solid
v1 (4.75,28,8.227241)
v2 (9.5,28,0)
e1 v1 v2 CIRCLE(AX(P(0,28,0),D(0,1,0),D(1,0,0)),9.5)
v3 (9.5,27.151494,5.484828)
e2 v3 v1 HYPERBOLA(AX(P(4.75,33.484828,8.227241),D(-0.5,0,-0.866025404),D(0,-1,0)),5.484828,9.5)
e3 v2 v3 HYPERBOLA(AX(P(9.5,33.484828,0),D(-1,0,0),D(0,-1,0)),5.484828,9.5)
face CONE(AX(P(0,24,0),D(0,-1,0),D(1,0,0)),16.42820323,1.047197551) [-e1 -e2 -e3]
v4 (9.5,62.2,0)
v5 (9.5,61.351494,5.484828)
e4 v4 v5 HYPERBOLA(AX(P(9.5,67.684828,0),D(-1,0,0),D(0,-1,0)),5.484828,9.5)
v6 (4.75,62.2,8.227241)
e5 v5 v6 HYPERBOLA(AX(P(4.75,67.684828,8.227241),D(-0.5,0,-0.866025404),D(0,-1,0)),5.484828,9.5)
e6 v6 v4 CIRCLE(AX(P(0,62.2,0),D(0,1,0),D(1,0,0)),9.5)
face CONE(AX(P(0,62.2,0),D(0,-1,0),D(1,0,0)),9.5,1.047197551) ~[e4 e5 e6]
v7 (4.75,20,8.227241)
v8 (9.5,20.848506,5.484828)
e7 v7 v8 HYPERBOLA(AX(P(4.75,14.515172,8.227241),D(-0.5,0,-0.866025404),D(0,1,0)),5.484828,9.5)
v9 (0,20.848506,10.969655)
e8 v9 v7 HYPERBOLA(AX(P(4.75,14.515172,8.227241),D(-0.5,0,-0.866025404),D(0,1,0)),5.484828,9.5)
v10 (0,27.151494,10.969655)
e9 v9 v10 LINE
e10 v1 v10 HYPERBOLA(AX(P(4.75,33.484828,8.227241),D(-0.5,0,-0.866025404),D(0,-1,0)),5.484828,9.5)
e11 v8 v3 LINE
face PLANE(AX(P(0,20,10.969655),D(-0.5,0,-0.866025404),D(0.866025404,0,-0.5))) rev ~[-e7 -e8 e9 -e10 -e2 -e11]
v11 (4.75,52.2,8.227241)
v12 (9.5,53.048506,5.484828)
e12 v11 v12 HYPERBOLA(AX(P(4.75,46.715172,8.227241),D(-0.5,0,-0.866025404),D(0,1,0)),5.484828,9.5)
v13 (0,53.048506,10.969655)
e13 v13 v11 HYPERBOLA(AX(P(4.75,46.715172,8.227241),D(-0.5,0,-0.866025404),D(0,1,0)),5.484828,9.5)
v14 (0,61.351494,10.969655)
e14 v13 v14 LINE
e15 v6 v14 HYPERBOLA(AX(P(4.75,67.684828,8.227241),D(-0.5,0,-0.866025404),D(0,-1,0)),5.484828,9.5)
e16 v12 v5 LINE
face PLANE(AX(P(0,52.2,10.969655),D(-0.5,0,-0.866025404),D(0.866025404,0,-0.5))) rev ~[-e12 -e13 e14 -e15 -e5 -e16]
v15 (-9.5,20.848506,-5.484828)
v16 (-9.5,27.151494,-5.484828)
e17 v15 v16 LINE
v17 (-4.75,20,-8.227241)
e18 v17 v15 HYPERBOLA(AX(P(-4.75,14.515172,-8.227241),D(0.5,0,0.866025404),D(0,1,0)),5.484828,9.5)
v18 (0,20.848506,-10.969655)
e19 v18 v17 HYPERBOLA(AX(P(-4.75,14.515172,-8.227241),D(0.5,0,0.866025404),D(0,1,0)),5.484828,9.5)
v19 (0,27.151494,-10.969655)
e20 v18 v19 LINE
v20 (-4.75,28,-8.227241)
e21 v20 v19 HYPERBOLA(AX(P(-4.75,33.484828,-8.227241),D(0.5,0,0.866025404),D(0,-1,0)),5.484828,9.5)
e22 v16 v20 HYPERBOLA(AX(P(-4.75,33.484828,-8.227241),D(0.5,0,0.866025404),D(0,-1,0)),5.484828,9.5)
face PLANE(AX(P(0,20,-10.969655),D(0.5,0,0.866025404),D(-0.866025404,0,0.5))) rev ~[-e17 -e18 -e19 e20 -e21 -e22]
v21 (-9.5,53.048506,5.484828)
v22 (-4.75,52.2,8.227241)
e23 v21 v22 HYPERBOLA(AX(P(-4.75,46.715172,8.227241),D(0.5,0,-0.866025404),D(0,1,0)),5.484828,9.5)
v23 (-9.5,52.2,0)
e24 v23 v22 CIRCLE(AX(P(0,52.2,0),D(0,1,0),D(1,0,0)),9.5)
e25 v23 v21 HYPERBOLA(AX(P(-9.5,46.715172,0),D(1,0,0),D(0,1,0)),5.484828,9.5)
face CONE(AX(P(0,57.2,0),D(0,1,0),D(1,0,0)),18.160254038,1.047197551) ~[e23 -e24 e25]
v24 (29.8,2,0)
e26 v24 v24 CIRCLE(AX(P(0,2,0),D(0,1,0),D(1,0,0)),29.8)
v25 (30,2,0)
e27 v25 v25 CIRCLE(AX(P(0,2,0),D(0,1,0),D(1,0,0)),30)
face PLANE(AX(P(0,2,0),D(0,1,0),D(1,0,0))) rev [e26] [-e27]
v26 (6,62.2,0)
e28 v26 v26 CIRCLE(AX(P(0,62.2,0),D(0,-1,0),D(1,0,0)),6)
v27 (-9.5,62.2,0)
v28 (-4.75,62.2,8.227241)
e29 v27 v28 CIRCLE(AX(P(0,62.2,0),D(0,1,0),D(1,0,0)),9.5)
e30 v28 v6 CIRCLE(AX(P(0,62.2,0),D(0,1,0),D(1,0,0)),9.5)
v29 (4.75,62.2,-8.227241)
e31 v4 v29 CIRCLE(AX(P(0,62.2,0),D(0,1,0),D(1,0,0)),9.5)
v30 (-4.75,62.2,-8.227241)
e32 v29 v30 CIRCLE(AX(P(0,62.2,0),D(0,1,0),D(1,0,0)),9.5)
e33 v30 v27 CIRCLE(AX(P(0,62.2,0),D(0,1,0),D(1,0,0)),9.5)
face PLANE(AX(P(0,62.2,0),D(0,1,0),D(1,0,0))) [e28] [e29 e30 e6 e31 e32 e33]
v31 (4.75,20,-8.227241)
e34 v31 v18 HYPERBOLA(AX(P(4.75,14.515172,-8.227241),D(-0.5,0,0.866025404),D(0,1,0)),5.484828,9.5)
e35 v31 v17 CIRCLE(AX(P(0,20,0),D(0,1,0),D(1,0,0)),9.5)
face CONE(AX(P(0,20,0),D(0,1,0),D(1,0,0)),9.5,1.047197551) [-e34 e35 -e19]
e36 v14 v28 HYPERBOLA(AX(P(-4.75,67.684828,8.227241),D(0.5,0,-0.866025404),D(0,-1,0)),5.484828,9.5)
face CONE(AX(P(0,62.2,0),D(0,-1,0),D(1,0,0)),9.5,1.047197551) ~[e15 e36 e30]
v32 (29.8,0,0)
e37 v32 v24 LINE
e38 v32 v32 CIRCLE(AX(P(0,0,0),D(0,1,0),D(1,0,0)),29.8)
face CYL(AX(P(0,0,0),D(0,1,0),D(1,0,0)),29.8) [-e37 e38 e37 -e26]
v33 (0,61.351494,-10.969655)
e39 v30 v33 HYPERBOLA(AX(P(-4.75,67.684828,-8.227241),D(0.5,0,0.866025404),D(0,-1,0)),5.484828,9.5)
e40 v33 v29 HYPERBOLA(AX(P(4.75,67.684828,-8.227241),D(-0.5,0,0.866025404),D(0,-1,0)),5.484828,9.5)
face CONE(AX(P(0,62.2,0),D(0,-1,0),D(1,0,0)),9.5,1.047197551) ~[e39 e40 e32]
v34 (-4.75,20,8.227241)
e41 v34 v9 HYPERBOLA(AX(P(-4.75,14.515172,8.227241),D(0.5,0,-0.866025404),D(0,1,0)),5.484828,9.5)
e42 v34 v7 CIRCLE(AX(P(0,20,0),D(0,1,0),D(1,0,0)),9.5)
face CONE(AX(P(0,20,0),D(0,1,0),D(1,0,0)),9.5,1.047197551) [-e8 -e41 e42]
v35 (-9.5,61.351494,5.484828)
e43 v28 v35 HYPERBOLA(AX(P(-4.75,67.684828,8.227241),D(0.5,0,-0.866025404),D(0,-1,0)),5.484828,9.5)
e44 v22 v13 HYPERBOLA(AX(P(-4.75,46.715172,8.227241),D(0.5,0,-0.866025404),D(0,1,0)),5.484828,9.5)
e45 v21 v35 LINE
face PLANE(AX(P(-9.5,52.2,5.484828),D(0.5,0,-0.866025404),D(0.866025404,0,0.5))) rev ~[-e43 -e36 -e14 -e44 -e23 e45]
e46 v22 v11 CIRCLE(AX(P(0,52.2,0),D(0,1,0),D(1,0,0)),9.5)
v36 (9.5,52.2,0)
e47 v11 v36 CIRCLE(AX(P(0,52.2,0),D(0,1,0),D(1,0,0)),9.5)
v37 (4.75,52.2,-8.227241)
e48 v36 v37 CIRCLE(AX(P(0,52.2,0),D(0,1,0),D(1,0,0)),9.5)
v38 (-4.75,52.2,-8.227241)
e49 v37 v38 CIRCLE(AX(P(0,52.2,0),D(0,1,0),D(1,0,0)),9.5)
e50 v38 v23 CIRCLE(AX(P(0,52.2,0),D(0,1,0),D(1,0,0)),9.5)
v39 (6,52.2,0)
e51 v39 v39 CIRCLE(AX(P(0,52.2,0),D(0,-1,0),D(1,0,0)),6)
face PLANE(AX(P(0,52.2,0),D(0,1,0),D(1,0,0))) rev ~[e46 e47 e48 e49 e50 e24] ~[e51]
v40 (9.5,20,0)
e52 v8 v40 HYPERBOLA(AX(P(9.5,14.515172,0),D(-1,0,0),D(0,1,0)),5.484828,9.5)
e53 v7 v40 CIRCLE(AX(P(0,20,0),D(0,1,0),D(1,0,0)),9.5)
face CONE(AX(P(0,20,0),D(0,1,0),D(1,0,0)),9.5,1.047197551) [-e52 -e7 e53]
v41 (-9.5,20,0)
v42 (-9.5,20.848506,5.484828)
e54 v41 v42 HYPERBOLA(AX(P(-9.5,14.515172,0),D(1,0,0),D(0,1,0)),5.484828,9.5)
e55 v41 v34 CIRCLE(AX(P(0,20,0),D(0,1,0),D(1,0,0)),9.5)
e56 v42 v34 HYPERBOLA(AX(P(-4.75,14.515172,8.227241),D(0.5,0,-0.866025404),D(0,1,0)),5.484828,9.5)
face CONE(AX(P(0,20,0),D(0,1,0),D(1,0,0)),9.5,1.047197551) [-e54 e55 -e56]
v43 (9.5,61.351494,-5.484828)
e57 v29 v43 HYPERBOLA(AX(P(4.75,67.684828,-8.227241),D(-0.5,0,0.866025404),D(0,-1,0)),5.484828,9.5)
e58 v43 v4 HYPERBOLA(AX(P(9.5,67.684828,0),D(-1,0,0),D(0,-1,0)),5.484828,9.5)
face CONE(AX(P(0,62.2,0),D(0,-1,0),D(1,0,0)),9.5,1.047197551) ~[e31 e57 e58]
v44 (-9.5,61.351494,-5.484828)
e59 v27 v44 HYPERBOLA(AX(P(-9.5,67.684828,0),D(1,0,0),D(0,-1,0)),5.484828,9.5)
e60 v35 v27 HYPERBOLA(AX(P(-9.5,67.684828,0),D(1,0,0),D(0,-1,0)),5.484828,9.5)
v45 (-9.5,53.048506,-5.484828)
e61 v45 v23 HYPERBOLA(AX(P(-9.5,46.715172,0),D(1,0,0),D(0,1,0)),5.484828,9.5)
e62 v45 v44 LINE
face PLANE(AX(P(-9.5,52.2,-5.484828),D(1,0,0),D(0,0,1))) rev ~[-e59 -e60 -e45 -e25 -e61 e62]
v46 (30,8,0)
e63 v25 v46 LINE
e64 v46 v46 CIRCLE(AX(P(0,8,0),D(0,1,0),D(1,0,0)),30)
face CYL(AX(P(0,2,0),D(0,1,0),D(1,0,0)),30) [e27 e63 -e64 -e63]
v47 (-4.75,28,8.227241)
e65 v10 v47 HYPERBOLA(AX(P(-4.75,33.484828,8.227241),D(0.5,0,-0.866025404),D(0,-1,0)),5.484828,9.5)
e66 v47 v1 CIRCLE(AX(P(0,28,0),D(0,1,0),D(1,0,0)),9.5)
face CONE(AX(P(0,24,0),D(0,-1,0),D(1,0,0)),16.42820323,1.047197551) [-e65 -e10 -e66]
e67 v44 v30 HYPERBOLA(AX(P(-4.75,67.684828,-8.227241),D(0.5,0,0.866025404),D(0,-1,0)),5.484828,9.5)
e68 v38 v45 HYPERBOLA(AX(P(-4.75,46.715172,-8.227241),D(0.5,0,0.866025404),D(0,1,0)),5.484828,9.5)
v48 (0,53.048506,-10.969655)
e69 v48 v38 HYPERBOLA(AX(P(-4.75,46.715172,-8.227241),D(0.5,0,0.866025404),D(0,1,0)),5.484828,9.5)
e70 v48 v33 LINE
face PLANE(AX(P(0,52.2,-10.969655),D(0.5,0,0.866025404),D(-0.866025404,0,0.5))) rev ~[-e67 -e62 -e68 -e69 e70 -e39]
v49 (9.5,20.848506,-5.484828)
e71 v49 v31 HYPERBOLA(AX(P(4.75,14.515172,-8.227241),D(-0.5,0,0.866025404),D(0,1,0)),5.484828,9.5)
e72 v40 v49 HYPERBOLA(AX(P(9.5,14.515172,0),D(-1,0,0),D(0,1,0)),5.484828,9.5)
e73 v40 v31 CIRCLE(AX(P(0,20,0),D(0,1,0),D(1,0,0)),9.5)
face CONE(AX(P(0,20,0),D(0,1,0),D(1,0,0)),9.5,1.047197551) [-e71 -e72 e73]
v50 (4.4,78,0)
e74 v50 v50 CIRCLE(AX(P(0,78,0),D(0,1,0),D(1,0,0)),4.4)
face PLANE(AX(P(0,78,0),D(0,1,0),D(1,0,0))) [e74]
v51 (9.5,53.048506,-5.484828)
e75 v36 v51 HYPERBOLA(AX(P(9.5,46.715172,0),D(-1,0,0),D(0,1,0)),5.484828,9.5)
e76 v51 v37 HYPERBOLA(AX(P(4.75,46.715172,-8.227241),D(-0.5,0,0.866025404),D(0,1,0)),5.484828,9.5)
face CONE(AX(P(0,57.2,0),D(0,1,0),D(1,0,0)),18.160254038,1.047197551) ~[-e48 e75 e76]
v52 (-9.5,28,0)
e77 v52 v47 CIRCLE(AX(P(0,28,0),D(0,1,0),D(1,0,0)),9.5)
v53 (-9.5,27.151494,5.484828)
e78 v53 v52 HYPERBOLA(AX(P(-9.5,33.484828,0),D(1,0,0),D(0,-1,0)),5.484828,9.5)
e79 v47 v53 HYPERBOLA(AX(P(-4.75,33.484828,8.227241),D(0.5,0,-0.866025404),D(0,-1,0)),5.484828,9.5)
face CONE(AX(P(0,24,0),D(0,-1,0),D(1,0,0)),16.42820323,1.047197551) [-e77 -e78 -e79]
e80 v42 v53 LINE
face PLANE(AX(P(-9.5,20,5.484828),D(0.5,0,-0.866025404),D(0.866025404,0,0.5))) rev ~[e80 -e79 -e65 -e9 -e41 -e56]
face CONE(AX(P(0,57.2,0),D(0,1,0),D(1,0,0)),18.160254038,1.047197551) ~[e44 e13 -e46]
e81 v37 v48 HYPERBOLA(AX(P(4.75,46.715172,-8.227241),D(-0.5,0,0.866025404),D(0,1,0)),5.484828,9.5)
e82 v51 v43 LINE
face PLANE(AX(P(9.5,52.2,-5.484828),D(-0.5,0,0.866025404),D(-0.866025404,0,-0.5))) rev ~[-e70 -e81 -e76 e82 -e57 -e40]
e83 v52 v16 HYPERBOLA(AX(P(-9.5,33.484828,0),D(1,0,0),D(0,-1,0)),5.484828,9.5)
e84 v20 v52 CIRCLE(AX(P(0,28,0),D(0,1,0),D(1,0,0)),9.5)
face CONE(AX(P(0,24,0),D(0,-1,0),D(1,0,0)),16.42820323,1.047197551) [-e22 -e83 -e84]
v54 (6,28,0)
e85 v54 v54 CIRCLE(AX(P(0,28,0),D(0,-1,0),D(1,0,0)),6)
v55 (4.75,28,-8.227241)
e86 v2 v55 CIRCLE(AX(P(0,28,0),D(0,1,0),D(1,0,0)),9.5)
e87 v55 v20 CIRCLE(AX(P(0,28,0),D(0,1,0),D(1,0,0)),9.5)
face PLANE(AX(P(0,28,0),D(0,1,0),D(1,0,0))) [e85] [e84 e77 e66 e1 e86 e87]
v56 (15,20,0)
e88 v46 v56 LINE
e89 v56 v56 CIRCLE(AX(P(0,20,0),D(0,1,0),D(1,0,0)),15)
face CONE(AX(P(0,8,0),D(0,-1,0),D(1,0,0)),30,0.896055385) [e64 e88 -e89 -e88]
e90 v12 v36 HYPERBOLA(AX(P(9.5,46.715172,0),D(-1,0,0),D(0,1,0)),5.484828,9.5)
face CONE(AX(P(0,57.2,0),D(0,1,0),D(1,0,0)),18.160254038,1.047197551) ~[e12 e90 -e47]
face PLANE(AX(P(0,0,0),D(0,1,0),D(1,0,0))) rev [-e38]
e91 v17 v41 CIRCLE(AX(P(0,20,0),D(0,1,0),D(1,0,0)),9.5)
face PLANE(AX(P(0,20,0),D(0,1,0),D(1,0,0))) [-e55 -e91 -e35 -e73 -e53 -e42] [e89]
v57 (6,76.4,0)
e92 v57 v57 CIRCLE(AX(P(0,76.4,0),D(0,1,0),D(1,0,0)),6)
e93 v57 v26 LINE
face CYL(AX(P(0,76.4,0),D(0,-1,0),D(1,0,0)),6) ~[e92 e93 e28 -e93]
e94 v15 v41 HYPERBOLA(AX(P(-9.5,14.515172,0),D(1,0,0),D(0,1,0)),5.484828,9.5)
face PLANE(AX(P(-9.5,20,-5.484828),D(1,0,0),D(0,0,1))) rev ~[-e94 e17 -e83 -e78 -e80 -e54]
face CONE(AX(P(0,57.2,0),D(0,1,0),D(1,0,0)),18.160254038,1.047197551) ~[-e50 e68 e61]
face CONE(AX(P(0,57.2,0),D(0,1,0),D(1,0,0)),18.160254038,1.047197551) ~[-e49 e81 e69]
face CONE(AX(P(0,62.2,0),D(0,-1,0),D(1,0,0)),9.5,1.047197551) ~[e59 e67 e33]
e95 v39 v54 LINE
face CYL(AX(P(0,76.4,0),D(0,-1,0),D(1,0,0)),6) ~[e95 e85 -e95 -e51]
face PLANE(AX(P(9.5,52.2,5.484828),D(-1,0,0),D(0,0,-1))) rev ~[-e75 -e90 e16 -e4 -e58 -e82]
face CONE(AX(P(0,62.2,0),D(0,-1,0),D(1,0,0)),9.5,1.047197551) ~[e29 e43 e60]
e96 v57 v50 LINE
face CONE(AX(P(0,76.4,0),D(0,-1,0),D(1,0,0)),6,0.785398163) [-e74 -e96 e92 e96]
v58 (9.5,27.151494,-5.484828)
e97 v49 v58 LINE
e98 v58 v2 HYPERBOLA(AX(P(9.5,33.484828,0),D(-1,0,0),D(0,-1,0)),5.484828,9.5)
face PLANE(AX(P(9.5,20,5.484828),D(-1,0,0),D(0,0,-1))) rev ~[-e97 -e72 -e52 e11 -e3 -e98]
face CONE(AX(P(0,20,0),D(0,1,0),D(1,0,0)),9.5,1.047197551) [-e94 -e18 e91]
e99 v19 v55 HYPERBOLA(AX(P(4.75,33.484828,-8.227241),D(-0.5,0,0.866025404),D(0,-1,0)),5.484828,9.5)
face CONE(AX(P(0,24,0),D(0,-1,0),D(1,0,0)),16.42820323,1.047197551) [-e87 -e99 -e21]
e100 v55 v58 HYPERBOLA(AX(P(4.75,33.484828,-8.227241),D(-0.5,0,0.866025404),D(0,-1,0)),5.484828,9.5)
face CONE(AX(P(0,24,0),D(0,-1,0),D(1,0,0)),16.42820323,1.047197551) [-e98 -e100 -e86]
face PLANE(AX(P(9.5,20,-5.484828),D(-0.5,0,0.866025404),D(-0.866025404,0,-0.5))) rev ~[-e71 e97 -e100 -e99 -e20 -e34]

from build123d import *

# Parameters (mm, degrees)
EXTRUDE_1_DEPTH = 8
EXTRUDE_2_DEPTH = 10


with BuildPart() as part:
    # Эскиз1 → Повернуть1 (revolve)
    with BuildSketch(Plane.XY, mode=Mode.PRIVATE) as revolve_1_sk:
        Polygon((0, 0), (-29.8, 0), (-29.8, 2), (-30, 2), (-30, 8), (-15, 20), (-6, 20), (-6, 28), (-6, 76.4), (-4.4, 78), (0, 78), align=None)
    revolve(revolve_1_sk.sketch.rotate(Axis((0, 0, 0), (0, 1, 0)), 180), axis=Axis((0, 0, 0), (0, 1, 0)))  # turned: the seam where the file's is

    # Эскиз2 → Бобышка-Вытянуть1 (add)
    with BuildSketch(Plane(origin=(0, 20, 0), x_dir=(1, 0, 0), z_dir=(0, 1, 0))):
        Polygon((0, 10.969655115), (-9.5, 5.484827557), (-9.5, -5.484827557), (0, -10.969655115), (9.5, -5.484827557), (9.5, 5.484827557), align=None)
    extrude(amount=EXTRUDE_1_DEPTH)

    # Эскиз3 → Бобышка-Вытянуть2 (add)
    with BuildSketch(Plane(origin=(0, 52.2, 0), x_dir=(1, 0, 0), z_dir=(0, 1, 0))):
        Polygon((9.5, 5.484827557), (0, 10.969655115), (-9.5, 5.484827557), (-9.5, -5.484827557), (0, -10.969655115), (9.5, -5.484827557), align=None)
    extrude(amount=EXTRUDE_2_DEPTH)

    # Эскиз4 → Вырез-Повернуть2 (revolve, cut)
    with BuildSketch(Plane.XY, mode=Mode.PRIVATE) as cut_revolve_2_sk:
        Polygon((-18.160254038, 62.2), (-9.5, 62.2), (-18.160254038, 57.2), align=None)
        Polygon((-18.160254038, 52.2), (-18.160254038, 57.2), (-9.5, 52.2), align=None)
        Polygon((-16.42820323, 28), (-16.42820323, 24), (-9.5, 28), align=None)
        Polygon((-16.42820323, 24), (-16.42820323, 20), (-9.5, 20), align=None)
    revolve(cut_revolve_2_sk.sketch.rotate(Axis((0, 78, 0), (0, 1, 0)), 180), axis=Axis((0, 78, 0), (0, 1, 0)), mode=Mode.SUBTRACT)  # turned: the seam where the file's is


solid = part.part
